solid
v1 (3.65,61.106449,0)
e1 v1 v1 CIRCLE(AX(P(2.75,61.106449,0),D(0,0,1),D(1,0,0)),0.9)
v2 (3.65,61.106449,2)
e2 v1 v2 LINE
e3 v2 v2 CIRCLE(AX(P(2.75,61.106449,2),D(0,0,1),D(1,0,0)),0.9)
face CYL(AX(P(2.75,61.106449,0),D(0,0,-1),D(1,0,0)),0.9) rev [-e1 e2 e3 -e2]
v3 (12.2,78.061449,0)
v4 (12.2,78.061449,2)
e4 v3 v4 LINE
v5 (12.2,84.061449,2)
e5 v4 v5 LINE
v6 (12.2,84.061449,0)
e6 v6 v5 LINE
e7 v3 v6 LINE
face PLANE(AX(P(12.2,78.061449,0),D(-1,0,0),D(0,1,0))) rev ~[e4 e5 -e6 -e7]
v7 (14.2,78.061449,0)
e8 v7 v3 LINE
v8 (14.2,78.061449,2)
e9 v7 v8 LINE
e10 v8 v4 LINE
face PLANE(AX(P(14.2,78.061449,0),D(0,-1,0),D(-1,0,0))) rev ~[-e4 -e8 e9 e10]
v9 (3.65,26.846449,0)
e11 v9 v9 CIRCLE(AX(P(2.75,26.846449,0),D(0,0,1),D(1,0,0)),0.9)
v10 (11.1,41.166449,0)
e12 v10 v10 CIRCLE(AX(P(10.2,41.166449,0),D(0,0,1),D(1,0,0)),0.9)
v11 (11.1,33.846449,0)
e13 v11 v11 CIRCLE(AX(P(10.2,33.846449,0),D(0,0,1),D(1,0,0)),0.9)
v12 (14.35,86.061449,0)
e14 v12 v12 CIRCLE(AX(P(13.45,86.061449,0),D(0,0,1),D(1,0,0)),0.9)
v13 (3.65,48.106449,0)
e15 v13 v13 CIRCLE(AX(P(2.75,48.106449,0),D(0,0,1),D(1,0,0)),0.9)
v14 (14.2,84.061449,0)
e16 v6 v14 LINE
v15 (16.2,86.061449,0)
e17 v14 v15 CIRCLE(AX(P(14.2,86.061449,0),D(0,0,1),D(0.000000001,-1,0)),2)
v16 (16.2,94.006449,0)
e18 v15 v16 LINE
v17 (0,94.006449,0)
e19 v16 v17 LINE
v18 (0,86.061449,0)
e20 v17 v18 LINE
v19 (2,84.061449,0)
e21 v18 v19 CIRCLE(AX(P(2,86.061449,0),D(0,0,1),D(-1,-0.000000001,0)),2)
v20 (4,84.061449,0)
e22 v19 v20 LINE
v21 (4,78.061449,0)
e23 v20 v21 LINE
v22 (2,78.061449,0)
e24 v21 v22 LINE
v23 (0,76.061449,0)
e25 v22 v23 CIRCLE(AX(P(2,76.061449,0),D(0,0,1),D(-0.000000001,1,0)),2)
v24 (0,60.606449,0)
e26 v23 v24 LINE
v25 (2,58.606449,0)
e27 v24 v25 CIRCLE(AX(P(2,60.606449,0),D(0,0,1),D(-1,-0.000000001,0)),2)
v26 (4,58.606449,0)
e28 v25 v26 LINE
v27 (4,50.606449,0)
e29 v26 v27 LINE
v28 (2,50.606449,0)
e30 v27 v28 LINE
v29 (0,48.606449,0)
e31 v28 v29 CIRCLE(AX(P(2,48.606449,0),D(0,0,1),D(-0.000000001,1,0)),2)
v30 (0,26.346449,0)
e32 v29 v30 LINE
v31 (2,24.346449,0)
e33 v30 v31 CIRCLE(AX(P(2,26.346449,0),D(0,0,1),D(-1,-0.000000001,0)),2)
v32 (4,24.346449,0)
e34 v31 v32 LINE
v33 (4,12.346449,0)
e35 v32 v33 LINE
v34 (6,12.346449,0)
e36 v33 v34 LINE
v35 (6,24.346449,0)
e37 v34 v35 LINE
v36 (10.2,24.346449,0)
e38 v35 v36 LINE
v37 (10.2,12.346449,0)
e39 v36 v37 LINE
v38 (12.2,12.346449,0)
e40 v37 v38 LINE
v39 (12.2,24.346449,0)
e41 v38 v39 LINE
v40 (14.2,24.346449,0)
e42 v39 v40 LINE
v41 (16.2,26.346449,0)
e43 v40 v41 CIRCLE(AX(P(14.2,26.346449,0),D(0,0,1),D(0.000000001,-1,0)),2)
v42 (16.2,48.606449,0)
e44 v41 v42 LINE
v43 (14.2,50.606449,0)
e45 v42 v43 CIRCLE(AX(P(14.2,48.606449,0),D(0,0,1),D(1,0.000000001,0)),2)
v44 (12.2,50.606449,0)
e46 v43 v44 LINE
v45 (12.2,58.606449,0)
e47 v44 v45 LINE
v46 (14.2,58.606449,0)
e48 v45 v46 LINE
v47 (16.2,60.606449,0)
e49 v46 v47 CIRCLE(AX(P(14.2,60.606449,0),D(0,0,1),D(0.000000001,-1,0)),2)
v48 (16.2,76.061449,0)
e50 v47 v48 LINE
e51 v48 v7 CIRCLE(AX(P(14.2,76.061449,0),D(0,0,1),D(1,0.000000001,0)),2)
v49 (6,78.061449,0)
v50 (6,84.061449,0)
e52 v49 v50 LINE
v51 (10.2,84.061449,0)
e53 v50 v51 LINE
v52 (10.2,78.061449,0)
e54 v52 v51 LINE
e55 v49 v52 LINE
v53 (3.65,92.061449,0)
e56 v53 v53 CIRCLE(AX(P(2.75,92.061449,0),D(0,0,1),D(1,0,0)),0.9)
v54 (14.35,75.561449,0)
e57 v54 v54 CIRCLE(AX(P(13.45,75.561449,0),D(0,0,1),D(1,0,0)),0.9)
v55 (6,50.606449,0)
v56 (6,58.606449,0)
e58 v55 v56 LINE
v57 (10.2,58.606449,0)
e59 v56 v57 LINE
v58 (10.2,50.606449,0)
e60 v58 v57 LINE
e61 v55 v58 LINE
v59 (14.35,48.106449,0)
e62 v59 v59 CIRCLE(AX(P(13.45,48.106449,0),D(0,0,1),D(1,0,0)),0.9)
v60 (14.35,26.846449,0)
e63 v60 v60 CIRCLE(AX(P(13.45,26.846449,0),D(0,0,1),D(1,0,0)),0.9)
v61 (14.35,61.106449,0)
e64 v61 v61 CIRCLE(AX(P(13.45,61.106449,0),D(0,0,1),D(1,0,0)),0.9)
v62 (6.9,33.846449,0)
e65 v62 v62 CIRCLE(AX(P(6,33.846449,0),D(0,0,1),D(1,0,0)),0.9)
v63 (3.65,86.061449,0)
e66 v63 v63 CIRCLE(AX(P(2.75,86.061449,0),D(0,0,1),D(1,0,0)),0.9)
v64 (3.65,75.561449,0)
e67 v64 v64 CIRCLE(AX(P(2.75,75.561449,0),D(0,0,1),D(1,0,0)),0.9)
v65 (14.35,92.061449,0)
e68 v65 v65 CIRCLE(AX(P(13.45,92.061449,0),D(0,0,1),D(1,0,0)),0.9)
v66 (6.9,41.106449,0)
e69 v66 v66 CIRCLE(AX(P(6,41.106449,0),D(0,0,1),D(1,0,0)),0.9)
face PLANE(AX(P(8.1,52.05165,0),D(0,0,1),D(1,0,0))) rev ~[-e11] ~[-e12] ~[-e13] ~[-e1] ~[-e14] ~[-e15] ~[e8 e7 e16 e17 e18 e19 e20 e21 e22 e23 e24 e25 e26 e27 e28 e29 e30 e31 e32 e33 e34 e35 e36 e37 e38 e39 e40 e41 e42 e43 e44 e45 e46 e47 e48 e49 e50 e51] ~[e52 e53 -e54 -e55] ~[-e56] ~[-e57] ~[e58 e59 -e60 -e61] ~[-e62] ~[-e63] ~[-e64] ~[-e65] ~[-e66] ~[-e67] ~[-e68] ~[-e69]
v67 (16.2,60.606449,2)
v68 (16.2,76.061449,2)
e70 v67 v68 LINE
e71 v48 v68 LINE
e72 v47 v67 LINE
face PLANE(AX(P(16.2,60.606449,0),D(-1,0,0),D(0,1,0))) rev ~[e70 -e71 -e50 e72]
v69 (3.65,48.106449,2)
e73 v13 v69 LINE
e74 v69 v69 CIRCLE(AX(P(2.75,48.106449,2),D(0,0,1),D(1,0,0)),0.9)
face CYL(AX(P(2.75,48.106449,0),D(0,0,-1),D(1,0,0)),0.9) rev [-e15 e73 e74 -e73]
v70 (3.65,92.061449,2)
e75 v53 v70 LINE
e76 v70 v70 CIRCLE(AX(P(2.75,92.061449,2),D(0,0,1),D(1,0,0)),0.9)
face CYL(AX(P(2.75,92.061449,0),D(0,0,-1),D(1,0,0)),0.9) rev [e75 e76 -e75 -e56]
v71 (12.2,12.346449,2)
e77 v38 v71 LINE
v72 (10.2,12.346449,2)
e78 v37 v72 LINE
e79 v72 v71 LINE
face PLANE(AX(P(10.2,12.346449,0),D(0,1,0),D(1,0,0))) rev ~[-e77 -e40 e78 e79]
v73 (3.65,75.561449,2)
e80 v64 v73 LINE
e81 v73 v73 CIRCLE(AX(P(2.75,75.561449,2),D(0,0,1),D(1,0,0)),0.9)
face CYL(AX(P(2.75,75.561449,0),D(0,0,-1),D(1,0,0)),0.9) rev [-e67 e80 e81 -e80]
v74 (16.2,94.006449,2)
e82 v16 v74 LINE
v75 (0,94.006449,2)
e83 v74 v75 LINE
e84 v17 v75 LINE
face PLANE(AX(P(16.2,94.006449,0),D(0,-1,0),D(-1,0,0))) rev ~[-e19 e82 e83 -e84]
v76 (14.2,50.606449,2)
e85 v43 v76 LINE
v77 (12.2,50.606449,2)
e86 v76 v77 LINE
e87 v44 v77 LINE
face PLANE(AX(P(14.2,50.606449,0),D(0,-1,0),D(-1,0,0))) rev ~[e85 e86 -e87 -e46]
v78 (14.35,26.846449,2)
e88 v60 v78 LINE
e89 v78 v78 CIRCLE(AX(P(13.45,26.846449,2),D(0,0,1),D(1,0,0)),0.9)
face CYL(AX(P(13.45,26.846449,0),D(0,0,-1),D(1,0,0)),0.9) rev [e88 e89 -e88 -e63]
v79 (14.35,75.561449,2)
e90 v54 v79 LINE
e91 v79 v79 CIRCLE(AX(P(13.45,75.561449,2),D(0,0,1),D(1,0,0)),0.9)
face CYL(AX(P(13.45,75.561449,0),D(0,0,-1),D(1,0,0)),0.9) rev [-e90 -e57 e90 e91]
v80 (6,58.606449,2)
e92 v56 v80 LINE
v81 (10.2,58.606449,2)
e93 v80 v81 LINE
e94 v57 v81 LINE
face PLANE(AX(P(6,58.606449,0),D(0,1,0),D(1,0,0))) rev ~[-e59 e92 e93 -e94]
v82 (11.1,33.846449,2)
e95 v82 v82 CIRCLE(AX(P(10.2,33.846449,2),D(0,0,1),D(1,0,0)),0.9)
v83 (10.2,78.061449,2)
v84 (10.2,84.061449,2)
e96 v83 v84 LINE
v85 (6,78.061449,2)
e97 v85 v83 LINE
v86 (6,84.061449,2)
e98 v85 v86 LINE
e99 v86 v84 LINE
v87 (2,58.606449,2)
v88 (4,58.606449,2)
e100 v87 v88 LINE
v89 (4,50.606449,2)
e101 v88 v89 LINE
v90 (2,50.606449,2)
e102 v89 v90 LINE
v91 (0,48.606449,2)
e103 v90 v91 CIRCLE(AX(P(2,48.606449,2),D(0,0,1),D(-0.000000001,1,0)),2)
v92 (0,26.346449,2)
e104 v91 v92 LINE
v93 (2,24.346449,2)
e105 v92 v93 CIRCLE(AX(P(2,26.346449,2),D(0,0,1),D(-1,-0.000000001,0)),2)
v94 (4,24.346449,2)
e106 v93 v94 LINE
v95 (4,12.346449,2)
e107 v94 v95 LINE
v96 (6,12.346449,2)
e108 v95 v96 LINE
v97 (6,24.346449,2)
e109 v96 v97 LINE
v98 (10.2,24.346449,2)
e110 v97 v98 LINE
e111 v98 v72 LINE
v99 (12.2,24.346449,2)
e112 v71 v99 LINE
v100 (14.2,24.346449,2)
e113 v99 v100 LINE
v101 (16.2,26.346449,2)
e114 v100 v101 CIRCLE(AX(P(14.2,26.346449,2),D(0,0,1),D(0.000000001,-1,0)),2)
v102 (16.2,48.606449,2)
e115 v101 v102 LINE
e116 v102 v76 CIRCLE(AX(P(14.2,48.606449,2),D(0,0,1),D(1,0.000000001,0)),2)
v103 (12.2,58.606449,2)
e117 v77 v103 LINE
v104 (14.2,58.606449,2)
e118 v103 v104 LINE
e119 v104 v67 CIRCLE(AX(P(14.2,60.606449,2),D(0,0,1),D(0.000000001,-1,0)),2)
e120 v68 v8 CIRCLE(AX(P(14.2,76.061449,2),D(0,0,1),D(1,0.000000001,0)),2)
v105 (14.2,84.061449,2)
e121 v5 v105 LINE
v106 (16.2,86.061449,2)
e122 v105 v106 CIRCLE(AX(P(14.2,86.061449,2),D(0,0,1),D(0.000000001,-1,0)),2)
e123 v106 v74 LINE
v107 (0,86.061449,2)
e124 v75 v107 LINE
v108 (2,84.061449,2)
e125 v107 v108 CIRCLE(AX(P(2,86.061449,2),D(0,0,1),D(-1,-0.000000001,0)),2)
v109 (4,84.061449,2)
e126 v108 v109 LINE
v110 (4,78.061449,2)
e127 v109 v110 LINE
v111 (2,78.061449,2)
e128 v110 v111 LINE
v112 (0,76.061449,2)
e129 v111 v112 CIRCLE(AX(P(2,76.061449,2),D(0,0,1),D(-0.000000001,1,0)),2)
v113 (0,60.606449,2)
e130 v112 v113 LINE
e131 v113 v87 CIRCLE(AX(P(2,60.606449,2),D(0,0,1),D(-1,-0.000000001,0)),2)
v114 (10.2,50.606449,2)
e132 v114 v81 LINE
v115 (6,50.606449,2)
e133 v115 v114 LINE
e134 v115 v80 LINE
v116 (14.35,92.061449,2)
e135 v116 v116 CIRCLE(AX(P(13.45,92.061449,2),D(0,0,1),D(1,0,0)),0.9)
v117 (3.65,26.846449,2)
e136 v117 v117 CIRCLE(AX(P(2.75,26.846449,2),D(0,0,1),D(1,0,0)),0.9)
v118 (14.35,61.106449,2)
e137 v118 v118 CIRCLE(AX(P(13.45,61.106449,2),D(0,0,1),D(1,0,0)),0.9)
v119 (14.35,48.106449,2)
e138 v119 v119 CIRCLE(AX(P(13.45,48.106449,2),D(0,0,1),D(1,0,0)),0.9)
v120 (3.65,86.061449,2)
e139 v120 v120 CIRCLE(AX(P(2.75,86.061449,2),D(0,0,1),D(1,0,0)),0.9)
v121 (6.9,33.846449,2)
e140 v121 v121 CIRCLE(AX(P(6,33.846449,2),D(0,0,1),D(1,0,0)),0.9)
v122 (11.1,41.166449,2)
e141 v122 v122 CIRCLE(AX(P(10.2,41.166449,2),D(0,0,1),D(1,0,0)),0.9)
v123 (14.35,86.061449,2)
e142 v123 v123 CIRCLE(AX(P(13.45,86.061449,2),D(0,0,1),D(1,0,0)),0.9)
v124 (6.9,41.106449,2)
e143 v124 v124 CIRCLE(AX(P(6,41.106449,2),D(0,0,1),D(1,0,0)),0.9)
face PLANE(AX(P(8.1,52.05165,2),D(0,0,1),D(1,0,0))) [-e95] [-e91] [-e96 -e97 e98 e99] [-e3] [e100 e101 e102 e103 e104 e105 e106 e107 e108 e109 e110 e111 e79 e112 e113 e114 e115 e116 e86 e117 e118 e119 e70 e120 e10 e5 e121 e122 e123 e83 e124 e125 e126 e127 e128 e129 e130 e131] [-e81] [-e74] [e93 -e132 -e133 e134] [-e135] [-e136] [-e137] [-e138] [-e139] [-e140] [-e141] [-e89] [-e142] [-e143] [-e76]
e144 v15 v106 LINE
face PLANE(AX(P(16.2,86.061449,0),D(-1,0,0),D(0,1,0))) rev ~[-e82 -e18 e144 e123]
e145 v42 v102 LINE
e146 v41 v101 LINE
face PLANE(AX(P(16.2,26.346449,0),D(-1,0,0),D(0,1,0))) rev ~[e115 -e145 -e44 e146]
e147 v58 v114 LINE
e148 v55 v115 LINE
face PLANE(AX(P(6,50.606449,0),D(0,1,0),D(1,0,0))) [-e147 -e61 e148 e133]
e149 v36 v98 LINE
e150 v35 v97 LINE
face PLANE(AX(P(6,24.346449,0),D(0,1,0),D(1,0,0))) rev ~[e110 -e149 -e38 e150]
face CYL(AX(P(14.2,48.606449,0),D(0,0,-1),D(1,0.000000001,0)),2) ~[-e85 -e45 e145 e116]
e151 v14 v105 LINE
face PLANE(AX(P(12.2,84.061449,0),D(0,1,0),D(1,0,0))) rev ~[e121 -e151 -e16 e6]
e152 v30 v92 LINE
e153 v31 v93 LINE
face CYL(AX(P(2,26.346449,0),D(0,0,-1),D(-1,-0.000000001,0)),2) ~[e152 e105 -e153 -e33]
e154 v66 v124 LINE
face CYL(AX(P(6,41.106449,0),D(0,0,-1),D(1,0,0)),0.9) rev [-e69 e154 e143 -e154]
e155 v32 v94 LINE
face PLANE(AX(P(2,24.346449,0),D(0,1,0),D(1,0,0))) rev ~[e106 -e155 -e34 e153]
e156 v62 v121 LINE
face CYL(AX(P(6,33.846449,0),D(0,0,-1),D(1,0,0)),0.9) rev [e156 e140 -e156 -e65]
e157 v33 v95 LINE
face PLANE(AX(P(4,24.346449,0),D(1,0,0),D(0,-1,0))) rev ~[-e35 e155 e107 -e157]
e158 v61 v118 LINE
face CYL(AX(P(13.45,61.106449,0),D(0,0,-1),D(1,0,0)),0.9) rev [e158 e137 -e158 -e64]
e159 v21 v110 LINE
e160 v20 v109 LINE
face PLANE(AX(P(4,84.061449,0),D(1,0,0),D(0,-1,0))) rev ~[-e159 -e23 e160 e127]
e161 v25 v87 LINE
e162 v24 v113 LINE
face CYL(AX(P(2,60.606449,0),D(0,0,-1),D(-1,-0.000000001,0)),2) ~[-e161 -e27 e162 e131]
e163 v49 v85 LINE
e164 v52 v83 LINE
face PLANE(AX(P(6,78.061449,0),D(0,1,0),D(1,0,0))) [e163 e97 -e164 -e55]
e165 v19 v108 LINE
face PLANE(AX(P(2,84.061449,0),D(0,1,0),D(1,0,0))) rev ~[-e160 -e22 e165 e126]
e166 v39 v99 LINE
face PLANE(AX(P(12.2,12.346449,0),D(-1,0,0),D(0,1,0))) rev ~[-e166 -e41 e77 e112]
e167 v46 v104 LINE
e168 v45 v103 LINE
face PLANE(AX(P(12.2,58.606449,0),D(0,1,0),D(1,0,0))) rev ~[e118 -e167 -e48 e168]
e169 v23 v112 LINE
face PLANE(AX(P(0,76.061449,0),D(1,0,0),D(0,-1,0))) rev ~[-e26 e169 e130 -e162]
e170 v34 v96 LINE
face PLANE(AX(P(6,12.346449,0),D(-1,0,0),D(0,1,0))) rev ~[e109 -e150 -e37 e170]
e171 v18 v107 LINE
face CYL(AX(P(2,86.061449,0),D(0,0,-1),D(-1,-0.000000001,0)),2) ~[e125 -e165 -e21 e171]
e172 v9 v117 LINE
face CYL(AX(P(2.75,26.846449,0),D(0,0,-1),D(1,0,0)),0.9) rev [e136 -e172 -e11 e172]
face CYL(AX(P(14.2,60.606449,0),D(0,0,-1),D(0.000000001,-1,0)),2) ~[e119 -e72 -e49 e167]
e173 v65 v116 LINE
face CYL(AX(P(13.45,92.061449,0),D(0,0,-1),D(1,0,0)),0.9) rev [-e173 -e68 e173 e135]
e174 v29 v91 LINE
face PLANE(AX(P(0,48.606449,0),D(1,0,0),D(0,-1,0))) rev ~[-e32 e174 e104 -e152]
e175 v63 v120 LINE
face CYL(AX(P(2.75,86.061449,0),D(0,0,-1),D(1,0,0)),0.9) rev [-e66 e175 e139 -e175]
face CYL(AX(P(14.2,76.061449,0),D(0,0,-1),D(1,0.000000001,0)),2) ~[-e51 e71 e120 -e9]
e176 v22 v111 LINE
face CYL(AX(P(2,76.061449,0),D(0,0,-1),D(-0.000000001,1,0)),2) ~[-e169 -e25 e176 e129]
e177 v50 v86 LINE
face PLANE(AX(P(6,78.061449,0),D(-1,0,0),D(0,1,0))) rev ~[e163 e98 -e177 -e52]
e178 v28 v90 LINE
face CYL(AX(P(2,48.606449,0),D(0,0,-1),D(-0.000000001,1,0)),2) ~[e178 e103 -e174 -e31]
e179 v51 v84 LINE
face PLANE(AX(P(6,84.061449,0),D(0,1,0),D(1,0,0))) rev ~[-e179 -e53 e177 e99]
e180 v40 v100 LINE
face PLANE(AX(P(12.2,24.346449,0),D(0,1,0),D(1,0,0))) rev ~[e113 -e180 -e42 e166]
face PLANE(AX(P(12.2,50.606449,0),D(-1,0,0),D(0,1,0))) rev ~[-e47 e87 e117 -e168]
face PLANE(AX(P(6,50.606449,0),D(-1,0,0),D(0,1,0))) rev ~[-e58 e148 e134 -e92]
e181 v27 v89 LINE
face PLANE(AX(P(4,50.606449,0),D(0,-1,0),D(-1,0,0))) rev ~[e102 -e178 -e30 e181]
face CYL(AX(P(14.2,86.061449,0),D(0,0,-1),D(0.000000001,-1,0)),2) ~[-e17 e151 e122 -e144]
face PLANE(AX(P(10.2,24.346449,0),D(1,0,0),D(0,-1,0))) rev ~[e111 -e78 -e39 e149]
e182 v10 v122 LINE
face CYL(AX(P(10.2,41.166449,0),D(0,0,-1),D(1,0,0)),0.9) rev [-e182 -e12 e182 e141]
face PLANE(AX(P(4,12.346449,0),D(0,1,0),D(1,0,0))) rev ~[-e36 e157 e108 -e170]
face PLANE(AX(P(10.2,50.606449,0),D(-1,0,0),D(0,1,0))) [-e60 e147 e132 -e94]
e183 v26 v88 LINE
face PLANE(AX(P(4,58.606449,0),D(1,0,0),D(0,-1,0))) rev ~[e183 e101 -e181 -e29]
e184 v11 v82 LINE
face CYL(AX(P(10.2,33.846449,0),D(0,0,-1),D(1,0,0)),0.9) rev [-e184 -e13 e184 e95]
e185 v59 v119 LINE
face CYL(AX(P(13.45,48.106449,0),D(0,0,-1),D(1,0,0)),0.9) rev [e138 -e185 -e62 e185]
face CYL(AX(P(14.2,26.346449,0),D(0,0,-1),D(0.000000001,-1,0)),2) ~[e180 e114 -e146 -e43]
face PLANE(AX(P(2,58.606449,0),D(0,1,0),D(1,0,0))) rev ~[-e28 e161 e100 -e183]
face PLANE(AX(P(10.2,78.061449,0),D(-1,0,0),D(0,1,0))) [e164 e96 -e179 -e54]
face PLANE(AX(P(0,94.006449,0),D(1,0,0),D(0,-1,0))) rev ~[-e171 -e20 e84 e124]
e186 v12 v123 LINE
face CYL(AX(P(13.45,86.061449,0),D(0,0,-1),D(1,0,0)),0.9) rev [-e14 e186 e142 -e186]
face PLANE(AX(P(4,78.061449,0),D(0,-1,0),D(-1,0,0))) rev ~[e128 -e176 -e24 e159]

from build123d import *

# Parameters (mm, degrees)
SKETCH3_R           = 0.9
SKETCH3_W           = 4.2
SKETCH3_H           = 8
SKETCH3_H_2         = 6
BOSS_EXTRUDE3_DEPTH = 2


with BuildPart() as part:
    # Sketch3 → Boss-Extrude3 (new body)
    with BuildSketch(Plane.XY):
        with BuildLine():
            Line((0, 94.006448831), (0, 86.061448831))
            ThreePointArc((0, 86.061448831), (0.585786438, 84.647235269), (2, 84.061448831))
            Line((2, 84.061448831), (4, 84.061448831))
            Line((4, 84.061448831), (4, 78.061448831))
            Line((4, 78.061448831), (2, 78.061448831))
            ThreePointArc((2, 78.061448831), (0.585786438, 77.475662393), (0, 76.061448831))
            Line((0, 76.061448831), (0, 60.606448831))
            ThreePointArc((0, 60.606448831), (0.585786438, 59.192235269), (2, 58.606448831))
            Line((2, 58.606448831), (4, 58.606448831))
            Line((4, 58.606448831), (4, 50.606448831))
            Line((4, 50.606448831), (2, 50.606448831))
            ThreePointArc((2, 50.606448831), (0.585786438, 50.020662393), (0, 48.606448831))
            Line((0, 48.606448831), (0, 26.346448831))
            ThreePointArc((0, 26.346448831), (0.585786438, 24.932235269), (2, 24.346448831))
            Line((2, 24.346448831), (4, 24.346448831))
            Line((4, 24.346448831), (4, 12.346448831))
            Line((4, 12.346448831), (6, 12.346448831))
            Line((6, 12.346448831), (6, 24.346448831))
            Line((6, 24.346448831), (10.2, 24.346448831))
            Line((10.2, 24.346448831), (10.2, 12.346448831))
            Line((10.2, 12.346448831), (12.2, 12.346448831))
            Line((12.2, 12.346448831), (12.2, 24.346448831))
            Line((12.2, 24.346448831), (14.2, 24.346448831))
            ThreePointArc((14.2, 24.346448831), (15.614213562, 24.932235269), (16.2, 26.346448831))
            Line((16.2, 26.346448831), (16.2, 48.606448831))
            ThreePointArc((16.2, 48.606448831), (15.614213562, 50.020662393), (14.2, 50.606448831))
            Line((14.2, 50.606448831), (12.2, 50.606448831))
            Line((12.2, 50.606448831), (12.2, 58.606448831))
            Line((12.2, 58.606448831), (14.2, 58.606448831))
            ThreePointArc((14.2, 58.606448831), (15.614213562, 59.192235269), (16.2, 60.606448831))
            Line((16.2, 60.606448831), (16.2, 76.061448831))
            ThreePointArc((16.2, 76.061448831), (15.614213562, 77.475662393), (14.2, 78.061448831))
            Line((14.2, 78.061448831), (12.2, 78.061448831))
            Line((12.2, 78.061448831), (12.2, 84.061448831))
            Line((12.2, 84.061448831), (14.2, 84.061448831))
            ThreePointArc((14.2, 84.061448831), (15.614213562, 84.647235269), (16.2, 86.061448831))
            Line((16.2, 86.061448831), (16.2, 94.006448831))
            Line((16.2, 94.006448831), (0, 94.006448831))
        make_face()
        with Locations((6, 33.846448831)):
            Circle(SKETCH3_R, mode=Mode.SUBTRACT)
        with Locations((10.2, 33.846448831)):
            Circle(SKETCH3_R, mode=Mode.SUBTRACT)
        with Locations((2.75, 86.061448831)):
            Circle(SKETCH3_R, mode=Mode.SUBTRACT)
        with Locations((10.2, 41.166448831)):
            Circle(SKETCH3_R, mode=Mode.SUBTRACT)
        with Locations((13.45, 48.106448831)):
            Circle(SKETCH3_R, mode=Mode.SUBTRACT)
        with Locations((2.75, 92.061448831)):
            Circle(SKETCH3_R, mode=Mode.SUBTRACT)
        with Locations((13.45, 86.061448831)):
            Circle(SKETCH3_R, mode=Mode.SUBTRACT)
        with Locations((2.75, 61.106448831)):
            Circle(SKETCH3_R, mode=Mode.SUBTRACT)
        with Locations((13.45, 61.106448831)):
            Circle(SKETCH3_R, mode=Mode.SUBTRACT)
        with Locations((2.75, 75.561448831)):
            Circle(SKETCH3_R, mode=Mode.SUBTRACT)
        with Locations((13.45, 26.846448831)):
            Circle(SKETCH3_R, mode=Mode.SUBTRACT)
        with Locations((13.45, 75.561448831)):
            Circle(SKETCH3_R, mode=Mode.SUBTRACT)
        with Locations((13.45, 92.061448831)):
            Circle(SKETCH3_R, mode=Mode.SUBTRACT)
        with Locations((2.75, 26.846448831)):
            Circle(SKETCH3_R, mode=Mode.SUBTRACT)
        with Locations((6, 41.106448831)):
            Circle(SKETCH3_R, mode=Mode.SUBTRACT)
        with Locations((2.75, 48.106448831)):
            Circle(SKETCH3_R, mode=Mode.SUBTRACT)
        with Locations((8.1, 54.606448831)):
            Rectangle(SKETCH3_W, SKETCH3_H, mode=Mode.SUBTRACT)
        with Locations((8.1, 81.061448831)):
            Rectangle(SKETCH3_W, SKETCH3_H_2, mode=Mode.SUBTRACT)
    extrude(amount=BOSS_EXTRUDE3_DEPTH)


solid = part.part
